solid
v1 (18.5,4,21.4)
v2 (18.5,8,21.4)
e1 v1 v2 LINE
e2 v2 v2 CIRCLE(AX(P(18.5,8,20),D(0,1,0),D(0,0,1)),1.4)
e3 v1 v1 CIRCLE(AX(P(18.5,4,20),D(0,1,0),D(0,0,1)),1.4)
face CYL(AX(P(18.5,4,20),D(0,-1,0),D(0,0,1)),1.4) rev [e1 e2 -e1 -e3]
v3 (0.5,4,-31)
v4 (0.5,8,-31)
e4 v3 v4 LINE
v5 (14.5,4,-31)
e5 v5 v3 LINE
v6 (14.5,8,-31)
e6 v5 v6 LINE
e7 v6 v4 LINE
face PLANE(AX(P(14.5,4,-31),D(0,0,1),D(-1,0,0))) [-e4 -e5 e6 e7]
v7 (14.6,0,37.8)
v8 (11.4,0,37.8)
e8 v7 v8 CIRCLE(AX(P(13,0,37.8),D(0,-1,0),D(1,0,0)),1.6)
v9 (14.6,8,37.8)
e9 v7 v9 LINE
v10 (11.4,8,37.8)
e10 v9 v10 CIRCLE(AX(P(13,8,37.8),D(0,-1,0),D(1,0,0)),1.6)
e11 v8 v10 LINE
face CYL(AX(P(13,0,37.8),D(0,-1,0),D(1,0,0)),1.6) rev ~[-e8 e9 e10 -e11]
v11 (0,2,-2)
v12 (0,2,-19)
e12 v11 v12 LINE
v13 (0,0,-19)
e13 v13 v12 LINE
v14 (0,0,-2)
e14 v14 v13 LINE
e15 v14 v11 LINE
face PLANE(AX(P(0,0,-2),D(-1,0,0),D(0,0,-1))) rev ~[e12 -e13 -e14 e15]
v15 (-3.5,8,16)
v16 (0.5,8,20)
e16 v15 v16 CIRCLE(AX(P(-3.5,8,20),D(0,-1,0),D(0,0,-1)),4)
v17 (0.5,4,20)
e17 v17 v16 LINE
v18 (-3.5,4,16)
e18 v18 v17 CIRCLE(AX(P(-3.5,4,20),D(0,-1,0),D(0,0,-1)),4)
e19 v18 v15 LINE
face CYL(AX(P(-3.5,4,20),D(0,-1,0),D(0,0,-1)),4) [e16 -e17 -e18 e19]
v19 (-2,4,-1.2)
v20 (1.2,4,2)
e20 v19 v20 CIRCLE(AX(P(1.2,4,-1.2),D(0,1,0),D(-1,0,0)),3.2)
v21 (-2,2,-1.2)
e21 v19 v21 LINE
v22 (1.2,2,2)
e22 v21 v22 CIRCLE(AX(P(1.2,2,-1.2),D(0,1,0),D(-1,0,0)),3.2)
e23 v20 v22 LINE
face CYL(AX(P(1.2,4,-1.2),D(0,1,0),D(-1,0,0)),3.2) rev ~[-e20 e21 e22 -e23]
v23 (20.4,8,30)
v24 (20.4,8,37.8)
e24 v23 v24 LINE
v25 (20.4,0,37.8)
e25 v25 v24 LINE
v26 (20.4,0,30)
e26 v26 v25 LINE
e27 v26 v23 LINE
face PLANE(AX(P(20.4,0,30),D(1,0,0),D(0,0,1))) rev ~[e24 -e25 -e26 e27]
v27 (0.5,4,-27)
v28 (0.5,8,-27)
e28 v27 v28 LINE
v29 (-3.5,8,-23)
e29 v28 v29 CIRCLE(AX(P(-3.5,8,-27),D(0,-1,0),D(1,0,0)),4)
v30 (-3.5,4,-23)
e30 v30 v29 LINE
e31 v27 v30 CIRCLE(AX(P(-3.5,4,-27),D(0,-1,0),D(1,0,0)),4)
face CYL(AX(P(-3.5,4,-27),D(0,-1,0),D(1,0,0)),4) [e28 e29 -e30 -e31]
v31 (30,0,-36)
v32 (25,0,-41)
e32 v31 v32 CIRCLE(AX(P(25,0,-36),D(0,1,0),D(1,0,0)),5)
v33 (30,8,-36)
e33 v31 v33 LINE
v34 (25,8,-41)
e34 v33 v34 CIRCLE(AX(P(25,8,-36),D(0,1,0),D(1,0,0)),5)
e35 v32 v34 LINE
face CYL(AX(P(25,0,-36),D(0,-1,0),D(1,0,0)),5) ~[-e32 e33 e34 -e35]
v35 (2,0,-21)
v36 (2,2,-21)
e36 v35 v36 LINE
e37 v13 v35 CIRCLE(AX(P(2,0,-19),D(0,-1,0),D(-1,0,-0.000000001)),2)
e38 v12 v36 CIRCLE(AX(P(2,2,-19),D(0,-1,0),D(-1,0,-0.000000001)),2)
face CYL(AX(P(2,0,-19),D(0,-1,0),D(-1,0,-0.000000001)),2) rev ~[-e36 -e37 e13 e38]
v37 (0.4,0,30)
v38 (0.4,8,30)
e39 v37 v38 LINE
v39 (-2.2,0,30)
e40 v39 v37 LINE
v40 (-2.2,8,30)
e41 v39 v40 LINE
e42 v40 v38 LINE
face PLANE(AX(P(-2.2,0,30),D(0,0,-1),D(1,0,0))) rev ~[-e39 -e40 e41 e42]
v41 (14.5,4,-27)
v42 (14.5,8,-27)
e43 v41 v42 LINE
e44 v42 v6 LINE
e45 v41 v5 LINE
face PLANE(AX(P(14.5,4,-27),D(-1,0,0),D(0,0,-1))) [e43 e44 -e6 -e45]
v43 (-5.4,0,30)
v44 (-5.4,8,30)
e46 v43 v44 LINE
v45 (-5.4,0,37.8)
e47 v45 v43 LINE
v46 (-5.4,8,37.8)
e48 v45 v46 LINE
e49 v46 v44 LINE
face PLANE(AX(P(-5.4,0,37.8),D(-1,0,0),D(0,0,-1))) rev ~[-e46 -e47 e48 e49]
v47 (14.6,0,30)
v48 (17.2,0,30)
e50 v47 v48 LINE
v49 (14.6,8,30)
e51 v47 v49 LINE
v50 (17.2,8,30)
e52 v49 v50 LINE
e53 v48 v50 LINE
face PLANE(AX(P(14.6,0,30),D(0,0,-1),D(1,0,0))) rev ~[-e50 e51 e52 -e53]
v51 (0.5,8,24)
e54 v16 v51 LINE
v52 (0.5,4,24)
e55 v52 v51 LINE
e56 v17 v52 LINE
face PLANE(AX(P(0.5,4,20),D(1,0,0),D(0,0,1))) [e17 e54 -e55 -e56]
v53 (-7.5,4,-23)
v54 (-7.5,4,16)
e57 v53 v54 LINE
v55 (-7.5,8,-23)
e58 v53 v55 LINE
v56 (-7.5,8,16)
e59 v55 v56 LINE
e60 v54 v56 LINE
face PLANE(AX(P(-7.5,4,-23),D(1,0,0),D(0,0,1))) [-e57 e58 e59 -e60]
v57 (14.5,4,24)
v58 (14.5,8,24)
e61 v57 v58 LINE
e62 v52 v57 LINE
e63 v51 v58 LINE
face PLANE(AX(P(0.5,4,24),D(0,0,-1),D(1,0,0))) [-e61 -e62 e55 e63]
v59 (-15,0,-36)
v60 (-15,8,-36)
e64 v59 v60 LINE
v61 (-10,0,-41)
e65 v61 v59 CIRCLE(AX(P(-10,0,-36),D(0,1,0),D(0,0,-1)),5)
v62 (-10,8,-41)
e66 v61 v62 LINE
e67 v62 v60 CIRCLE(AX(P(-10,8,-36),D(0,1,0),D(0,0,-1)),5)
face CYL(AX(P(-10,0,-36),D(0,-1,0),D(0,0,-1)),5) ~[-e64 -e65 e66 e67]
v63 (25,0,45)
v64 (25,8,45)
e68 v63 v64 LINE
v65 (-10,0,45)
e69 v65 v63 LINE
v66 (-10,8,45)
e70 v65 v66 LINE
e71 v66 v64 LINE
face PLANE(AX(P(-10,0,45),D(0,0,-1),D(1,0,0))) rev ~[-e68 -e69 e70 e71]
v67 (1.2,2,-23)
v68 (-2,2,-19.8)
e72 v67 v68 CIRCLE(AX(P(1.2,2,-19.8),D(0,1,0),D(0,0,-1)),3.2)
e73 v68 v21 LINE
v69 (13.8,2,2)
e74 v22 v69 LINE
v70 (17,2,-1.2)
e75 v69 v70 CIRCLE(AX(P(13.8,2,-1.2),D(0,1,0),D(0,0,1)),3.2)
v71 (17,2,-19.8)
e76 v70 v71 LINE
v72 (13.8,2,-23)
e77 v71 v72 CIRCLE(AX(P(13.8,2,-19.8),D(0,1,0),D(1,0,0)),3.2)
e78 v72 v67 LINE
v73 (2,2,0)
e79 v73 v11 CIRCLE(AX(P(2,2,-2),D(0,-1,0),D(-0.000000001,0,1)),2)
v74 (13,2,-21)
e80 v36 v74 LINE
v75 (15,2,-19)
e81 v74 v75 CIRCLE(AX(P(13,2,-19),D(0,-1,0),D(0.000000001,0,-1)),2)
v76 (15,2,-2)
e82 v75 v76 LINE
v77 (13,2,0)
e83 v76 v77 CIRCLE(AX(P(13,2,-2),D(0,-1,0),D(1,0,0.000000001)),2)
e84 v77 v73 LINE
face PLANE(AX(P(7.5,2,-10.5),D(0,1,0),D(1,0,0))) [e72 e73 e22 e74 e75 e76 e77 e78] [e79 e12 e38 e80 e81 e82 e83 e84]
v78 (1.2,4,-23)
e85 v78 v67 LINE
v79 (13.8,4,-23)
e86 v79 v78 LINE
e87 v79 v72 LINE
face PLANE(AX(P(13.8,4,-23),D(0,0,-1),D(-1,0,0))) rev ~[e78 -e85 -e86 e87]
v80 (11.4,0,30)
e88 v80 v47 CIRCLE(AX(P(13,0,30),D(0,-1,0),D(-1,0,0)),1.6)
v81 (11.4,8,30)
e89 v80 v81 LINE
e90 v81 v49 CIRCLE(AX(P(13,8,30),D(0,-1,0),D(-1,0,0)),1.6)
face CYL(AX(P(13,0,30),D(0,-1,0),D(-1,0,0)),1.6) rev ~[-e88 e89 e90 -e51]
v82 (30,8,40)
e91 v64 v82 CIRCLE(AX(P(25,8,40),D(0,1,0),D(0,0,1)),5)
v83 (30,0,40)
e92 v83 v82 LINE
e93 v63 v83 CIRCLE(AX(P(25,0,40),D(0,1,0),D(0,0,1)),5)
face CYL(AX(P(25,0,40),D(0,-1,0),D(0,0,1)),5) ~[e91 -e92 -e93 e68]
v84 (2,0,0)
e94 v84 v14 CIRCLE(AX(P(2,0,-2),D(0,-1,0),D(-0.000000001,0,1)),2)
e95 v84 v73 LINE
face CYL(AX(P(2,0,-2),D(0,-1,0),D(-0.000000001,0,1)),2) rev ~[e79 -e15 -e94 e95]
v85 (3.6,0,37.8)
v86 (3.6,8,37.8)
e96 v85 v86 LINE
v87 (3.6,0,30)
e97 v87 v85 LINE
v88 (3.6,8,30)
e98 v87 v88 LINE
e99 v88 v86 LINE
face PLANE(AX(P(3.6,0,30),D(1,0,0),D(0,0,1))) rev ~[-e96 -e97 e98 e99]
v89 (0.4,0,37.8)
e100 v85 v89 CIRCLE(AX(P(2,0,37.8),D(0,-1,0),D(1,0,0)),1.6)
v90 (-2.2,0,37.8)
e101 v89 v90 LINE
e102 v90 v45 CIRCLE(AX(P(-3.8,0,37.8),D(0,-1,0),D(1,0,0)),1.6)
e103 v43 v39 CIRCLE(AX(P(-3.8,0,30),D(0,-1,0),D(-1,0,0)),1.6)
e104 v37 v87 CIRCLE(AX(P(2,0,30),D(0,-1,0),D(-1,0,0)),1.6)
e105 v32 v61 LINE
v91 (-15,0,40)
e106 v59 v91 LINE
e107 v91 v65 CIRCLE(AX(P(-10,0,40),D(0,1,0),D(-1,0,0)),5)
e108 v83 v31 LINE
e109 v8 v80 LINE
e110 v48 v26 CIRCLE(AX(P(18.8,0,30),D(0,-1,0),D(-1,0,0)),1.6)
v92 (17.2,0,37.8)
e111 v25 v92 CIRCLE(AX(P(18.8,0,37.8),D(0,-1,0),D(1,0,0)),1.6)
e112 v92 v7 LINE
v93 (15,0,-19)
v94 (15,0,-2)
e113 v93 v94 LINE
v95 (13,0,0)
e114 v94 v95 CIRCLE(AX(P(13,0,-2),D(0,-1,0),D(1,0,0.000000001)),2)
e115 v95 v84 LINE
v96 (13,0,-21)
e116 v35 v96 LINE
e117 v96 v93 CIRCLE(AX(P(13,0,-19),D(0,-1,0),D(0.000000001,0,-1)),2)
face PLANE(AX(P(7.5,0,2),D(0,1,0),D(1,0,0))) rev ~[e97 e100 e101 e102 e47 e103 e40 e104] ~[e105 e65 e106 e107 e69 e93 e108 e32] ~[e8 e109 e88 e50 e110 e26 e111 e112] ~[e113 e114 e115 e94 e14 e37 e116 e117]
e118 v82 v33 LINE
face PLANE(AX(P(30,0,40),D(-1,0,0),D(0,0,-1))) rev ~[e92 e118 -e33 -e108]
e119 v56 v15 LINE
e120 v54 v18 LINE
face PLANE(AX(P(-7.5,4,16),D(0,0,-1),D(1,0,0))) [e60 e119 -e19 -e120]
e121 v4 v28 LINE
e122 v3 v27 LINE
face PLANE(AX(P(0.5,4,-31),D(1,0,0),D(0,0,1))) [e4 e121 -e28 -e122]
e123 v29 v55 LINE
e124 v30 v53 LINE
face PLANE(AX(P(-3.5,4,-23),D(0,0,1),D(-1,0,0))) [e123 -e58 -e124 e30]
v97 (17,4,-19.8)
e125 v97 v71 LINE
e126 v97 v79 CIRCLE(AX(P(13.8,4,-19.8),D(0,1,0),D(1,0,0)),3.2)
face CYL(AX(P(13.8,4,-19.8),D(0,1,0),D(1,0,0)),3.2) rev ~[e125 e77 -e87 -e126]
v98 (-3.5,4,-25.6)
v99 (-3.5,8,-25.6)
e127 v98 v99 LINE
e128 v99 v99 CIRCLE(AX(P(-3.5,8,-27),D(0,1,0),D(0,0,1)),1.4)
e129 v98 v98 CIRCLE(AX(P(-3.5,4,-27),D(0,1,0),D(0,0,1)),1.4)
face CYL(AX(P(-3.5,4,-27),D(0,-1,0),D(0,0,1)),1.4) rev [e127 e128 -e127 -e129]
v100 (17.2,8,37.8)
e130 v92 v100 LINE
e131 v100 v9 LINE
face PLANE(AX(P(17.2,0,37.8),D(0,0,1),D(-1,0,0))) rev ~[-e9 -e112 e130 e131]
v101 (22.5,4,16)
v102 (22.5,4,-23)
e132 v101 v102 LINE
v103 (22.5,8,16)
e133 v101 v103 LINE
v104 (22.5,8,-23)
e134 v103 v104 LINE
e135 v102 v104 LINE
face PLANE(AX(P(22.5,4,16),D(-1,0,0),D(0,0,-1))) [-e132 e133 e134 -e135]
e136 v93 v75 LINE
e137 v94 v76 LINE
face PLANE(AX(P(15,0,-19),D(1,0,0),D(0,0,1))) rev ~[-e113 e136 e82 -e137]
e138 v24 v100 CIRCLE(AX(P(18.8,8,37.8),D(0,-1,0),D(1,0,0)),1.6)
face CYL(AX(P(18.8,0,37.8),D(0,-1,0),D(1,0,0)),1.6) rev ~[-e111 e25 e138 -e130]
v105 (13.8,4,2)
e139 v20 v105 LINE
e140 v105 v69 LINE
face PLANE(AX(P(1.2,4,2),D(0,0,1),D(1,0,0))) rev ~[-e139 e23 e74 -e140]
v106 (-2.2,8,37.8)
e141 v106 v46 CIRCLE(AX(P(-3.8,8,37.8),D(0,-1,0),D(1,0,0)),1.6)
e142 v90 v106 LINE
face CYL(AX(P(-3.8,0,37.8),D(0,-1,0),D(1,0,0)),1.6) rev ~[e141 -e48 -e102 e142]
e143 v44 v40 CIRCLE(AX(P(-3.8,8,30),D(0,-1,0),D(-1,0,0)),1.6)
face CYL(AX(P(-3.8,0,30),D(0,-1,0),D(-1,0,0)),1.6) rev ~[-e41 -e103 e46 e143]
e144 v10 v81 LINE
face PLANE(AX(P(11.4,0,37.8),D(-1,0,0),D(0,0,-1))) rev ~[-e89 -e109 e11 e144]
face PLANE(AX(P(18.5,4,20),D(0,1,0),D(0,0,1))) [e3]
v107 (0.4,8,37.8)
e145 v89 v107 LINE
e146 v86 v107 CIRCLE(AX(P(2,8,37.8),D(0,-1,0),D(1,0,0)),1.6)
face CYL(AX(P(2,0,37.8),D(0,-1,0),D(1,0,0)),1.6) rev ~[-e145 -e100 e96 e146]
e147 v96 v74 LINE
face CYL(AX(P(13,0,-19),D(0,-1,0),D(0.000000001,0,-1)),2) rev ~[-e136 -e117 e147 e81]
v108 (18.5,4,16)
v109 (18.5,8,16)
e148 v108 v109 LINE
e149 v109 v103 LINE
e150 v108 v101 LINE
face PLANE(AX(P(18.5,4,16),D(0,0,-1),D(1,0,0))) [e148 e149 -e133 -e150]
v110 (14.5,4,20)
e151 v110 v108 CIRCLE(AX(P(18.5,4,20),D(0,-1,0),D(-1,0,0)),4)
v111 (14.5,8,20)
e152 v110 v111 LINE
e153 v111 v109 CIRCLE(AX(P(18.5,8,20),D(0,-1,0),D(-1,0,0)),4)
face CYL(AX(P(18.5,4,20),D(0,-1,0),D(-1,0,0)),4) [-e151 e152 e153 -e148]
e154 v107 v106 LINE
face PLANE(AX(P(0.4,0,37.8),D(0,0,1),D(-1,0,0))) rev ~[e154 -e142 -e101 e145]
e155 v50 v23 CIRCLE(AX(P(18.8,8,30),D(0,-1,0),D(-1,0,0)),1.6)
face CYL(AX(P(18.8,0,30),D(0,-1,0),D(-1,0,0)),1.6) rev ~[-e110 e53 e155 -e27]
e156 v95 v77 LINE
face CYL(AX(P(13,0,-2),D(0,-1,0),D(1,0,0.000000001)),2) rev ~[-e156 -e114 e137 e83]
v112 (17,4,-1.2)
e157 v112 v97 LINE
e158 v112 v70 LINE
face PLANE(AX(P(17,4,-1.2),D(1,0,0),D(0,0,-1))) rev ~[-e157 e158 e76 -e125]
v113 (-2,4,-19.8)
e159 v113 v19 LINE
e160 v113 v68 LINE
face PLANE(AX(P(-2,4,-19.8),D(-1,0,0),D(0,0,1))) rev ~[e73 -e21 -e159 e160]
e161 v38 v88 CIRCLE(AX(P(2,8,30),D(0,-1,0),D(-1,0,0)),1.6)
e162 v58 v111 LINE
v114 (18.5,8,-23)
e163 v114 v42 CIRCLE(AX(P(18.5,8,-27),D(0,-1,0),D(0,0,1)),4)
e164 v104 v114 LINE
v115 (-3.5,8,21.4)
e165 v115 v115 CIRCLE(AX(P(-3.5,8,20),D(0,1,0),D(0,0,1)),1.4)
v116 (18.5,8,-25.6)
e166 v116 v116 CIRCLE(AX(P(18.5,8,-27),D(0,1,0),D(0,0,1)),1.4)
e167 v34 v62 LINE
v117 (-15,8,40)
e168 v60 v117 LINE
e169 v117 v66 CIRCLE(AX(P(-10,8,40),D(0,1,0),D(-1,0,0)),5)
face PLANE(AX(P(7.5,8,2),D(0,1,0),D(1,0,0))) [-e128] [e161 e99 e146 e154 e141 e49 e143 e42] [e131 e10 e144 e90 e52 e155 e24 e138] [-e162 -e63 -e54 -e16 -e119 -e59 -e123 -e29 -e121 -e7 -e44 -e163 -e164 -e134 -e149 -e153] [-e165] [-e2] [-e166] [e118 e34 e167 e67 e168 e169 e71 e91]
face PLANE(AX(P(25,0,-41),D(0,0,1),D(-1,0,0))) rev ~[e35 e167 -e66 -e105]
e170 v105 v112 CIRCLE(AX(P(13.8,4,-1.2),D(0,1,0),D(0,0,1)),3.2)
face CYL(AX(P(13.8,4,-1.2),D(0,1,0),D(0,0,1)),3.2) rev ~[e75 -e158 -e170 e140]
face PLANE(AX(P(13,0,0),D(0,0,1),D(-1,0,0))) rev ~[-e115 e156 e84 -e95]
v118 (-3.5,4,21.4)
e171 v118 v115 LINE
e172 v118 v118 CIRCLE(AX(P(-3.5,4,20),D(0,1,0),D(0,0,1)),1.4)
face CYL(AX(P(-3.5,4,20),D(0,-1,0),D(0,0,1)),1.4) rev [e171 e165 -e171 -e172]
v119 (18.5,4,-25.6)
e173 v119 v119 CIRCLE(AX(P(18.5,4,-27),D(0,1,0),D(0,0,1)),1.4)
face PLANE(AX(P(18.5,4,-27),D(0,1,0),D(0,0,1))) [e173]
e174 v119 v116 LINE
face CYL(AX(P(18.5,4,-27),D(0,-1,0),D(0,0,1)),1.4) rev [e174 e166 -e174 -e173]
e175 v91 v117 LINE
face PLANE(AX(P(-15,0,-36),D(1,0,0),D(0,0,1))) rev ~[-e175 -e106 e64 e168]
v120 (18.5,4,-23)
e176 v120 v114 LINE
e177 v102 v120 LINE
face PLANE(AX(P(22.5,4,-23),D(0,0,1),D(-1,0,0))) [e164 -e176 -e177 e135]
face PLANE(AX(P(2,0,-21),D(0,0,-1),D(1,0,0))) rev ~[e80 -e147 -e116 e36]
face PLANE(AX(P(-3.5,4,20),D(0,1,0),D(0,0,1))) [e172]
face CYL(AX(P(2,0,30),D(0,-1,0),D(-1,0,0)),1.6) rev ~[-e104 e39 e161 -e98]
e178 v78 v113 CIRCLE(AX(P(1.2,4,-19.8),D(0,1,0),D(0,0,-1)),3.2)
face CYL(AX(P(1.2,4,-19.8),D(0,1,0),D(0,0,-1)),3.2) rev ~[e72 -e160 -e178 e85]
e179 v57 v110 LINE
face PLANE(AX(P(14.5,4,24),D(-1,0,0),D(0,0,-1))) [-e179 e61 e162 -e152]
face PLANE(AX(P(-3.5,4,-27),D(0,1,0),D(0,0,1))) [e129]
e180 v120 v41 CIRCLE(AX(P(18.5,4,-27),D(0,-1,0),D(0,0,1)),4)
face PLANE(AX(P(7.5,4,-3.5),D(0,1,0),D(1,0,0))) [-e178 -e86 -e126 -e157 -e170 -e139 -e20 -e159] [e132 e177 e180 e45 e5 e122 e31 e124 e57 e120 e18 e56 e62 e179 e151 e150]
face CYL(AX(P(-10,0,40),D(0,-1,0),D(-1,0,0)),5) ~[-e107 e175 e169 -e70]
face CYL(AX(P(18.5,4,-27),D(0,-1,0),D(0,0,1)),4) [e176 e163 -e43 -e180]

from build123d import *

# Parameters (mm, degrees)
BOSS_EXTRUDE1_DEPTH = 8
CUT_EXTRUDE1_START  = -4
SKETCH3_R           = 1.4
CUT_EXTRUDE1_DEPTH  = 4
CUT_EXTRUDE2_DEPTH  = 2


with BuildPart() as part:
    # Sketch1 → Boss-Extrude1 (new body)
    with BuildSketch(Plane(origin=(0, 0, 0), x_dir=(1, 0, 0), z_dir=(0, 1, 0))):
        with BuildLine():
            Line((25, 41), (-10, 41))
            ThreePointArc((-10, 41), (-13.535533906, 39.535533906), (-15, 36))
            Line((-15, 36), (-15, -40))
            ThreePointArc((-15, -40), (-13.535533906, -43.535533906), (-10, -45))
            Line((-10, -45), (25, -45))
            ThreePointArc((25, -45), (28.535533906, -43.535533906), (30, -40))
            Line((30, -40), (30, 36))
            ThreePointArc((30, 36), (28.535533906, 39.535533906), (25, 41))
        make_face()
        with BuildLine():
            Line((-5.4, -37.8), (-5.4, -30))
            ThreePointArc((-5.4, -30), (-3.8, -28.4), (-2.2, -30))
            Line((-2.2, -30), (0.4, -30))
            ThreePointArc((0.4, -30), (2, -28.4), (3.6, -30))
            Line((3.6, -30), (3.6, -37.8))
            ThreePointArc((3.6, -37.8), (2, -39.4), (0.4, -37.8))
            Line((0.4, -37.8), (-2.2, -37.8))
            ThreePointArc((-2.2, -37.8), (-3.8, -39.4), (-5.4, -37.8))
        make_face(mode=Mode.SUBTRACT)
        with BuildLine():
            Line((11.4, -37.8), (11.4, -30))
            ThreePointArc((11.4, -30), (13, -28.4), (14.6, -30))
            Line((14.6, -30), (17.2, -30))
            ThreePointArc((17.2, -30), (18.8, -28.4), (20.4, -30))
            Line((20.4, -30), (20.4, -37.8))
            ThreePointArc((20.4, -37.8), (18.8, -39.4), (17.2, -37.8))
            Line((17.2, -37.8), (14.6, -37.8))
            ThreePointArc((14.6, -37.8), (13, -39.4), (11.4, -37.8))
        make_face(mode=Mode.SUBTRACT)
        with BuildLine():
            Line((13, 0), (2, 0))
            ThreePointArc((2, 0), (0.585786438, 0.585786438), (0, 2))
            Line((0, 2), (0, 19))
            ThreePointArc((0, 19), (0.585786438, 20.414213562), (2, 21))
            Line((2, 21), (13, 21))
            ThreePointArc((13, 21), (14.414213562, 20.414213562), (15, 19))
            Line((15, 19), (15, 2))
            ThreePointArc((15, 2), (14.414213562, 0.585786438), (13, 0))
        make_face(mode=Mode.SUBTRACT)
    extrude(amount=BOSS_EXTRUDE1_DEPTH)

    # Sketch3 → Cut-Extrude1 (cut)
    # profile 1 of 5: a face of its own
    with BuildSketch(Plane(origin=(0, 8, 0), x_dir=(1, 0, 0), z_dir=(0, 1, 0)).offset(CUT_EXTRUDE1_START)):
        with BuildLine():
            Line((14.5, 31), (0.5, 31))
            Line((0.5, 31), (0.5, 27))
            ThreePointArc((0.5, 27), (-0.671572875, 24.171572875), (-3.5, 23))
            Line((-3.5, 23), (-7.5, 23))
            Line((-7.5, 23), (-7.5, -16))
            Line((-7.5, -16), (-3.5, -16))
            ThreePointArc((-3.5, -16), (-0.671572875, -17.171572875), (0.5, -20))
            Line((0.5, -20), (0.5, -24))
            Line((0.5, -24), (14.5, -24))
            Line((14.5, -24), (14.5, -20))
            ThreePointArc((14.5, -20), (15.671572875, -17.171572875), (18.5, -16))
            Line((18.5, -16), (22.5, -16))
            Line((22.5, -16), (22.5, 23))
            Line((22.5, 23), (18.5, 23))
            ThreePointArc((18.5, 23), (15.671572875, 24.171572875), (14.5, 27))
            Line((14.5, 27), (14.5, 31))
        make_face()
        with BuildLine():
            ThreePointArc((13, 21), (14.414213562, 20.414213562), (15, 19))
            Line((15, 19), (15, 2))
            ThreePointArc((15, 2), (14.414213562, 0.585786438), (13, 0))
            Line((13, 0), (2, 0))
            ThreePointArc((2, 0), (0.585786438, 0.585786438), (0, 2))
            Line((0, 2), (0, 19))
            ThreePointArc((0, 19), (0.585786438, 20.414213562), (2, 21))
            Line((2, 21), (13, 21))
        make_face(mode=Mode.SUBTRACT)
    # profile 2 of 5: a face of its own
    with BuildSketch(Plane(origin=(0, 8, 0), x_dir=(1, 0, 0), z_dir=(0, 1, 0)).offset(CUT_EXTRUDE1_START)):
        with Locations(Location((-3.5, 27, 0), (0, 0, 270))):
            Circle(SKETCH3_R)
    # profile 3 of 5: a face of its own
    with BuildSketch(Plane(origin=(0, 8, 0), x_dir=(1, 0, 0), z_dir=(0, 1, 0)).offset(CUT_EXTRUDE1_START)):
        with Locations(Location((18.5, 27, 0), (0, 0, 270))):
            Circle(SKETCH3_R)
    # profile 4 of 5: a face of its own
    with BuildSketch(Plane(origin=(0, 8, 0), x_dir=(1, 0, 0), z_dir=(0, 1, 0)).offset(CUT_EXTRUDE1_START)):
        with Locations(Location((-3.5, -20, 0), (0, 0, 270))):
            Circle(SKETCH3_R)
    # profile 5 of 5: a face of its own
    with BuildSketch(Plane(origin=(0, 8, 0), x_dir=(1, 0, 0), z_dir=(0, 1, 0)).offset(CUT_EXTRUDE1_START)):
        with Locations(Location((18.5, -20, 0), (0, 0, 270))):
            Circle(SKETCH3_R)
    extrude(amount=CUT_EXTRUDE1_DEPTH, mode=Mode.SUBTRACT)

    # Sketch5 → Cut-Extrude2 (cut)
    with BuildSketch(Plane(origin=(0, 4, 0), x_dir=(1, 0, 0), z_dir=(0, 1, 0))):
        with BuildLine():
            Line((1.2, -2), (13.8, -2))
            ThreePointArc((13.8, -2), (16.0627417, -1.0627417), (17, 1.2))
            Line((17, 1.2), (17, 19.8))
            ThreePointArc((17, 19.8), (16.0627417, 22.0627417), (13.8, 23))
            Line((13.8, 23), (1.2, 23))
            ThreePointArc((1.2, 23), (-1.0627417, 22.0627417), (-2, 19.8))
            Line((-2, 19.8), (-2, 1.2))
            ThreePointArc((-2, 1.2), (-1.0627417, -1.0627417), (1.2, -2))
        make_face()
    extrude(amount=-CUT_EXTRUDE2_DEPTH, mode=Mode.SUBTRACT)


solid = part.part
